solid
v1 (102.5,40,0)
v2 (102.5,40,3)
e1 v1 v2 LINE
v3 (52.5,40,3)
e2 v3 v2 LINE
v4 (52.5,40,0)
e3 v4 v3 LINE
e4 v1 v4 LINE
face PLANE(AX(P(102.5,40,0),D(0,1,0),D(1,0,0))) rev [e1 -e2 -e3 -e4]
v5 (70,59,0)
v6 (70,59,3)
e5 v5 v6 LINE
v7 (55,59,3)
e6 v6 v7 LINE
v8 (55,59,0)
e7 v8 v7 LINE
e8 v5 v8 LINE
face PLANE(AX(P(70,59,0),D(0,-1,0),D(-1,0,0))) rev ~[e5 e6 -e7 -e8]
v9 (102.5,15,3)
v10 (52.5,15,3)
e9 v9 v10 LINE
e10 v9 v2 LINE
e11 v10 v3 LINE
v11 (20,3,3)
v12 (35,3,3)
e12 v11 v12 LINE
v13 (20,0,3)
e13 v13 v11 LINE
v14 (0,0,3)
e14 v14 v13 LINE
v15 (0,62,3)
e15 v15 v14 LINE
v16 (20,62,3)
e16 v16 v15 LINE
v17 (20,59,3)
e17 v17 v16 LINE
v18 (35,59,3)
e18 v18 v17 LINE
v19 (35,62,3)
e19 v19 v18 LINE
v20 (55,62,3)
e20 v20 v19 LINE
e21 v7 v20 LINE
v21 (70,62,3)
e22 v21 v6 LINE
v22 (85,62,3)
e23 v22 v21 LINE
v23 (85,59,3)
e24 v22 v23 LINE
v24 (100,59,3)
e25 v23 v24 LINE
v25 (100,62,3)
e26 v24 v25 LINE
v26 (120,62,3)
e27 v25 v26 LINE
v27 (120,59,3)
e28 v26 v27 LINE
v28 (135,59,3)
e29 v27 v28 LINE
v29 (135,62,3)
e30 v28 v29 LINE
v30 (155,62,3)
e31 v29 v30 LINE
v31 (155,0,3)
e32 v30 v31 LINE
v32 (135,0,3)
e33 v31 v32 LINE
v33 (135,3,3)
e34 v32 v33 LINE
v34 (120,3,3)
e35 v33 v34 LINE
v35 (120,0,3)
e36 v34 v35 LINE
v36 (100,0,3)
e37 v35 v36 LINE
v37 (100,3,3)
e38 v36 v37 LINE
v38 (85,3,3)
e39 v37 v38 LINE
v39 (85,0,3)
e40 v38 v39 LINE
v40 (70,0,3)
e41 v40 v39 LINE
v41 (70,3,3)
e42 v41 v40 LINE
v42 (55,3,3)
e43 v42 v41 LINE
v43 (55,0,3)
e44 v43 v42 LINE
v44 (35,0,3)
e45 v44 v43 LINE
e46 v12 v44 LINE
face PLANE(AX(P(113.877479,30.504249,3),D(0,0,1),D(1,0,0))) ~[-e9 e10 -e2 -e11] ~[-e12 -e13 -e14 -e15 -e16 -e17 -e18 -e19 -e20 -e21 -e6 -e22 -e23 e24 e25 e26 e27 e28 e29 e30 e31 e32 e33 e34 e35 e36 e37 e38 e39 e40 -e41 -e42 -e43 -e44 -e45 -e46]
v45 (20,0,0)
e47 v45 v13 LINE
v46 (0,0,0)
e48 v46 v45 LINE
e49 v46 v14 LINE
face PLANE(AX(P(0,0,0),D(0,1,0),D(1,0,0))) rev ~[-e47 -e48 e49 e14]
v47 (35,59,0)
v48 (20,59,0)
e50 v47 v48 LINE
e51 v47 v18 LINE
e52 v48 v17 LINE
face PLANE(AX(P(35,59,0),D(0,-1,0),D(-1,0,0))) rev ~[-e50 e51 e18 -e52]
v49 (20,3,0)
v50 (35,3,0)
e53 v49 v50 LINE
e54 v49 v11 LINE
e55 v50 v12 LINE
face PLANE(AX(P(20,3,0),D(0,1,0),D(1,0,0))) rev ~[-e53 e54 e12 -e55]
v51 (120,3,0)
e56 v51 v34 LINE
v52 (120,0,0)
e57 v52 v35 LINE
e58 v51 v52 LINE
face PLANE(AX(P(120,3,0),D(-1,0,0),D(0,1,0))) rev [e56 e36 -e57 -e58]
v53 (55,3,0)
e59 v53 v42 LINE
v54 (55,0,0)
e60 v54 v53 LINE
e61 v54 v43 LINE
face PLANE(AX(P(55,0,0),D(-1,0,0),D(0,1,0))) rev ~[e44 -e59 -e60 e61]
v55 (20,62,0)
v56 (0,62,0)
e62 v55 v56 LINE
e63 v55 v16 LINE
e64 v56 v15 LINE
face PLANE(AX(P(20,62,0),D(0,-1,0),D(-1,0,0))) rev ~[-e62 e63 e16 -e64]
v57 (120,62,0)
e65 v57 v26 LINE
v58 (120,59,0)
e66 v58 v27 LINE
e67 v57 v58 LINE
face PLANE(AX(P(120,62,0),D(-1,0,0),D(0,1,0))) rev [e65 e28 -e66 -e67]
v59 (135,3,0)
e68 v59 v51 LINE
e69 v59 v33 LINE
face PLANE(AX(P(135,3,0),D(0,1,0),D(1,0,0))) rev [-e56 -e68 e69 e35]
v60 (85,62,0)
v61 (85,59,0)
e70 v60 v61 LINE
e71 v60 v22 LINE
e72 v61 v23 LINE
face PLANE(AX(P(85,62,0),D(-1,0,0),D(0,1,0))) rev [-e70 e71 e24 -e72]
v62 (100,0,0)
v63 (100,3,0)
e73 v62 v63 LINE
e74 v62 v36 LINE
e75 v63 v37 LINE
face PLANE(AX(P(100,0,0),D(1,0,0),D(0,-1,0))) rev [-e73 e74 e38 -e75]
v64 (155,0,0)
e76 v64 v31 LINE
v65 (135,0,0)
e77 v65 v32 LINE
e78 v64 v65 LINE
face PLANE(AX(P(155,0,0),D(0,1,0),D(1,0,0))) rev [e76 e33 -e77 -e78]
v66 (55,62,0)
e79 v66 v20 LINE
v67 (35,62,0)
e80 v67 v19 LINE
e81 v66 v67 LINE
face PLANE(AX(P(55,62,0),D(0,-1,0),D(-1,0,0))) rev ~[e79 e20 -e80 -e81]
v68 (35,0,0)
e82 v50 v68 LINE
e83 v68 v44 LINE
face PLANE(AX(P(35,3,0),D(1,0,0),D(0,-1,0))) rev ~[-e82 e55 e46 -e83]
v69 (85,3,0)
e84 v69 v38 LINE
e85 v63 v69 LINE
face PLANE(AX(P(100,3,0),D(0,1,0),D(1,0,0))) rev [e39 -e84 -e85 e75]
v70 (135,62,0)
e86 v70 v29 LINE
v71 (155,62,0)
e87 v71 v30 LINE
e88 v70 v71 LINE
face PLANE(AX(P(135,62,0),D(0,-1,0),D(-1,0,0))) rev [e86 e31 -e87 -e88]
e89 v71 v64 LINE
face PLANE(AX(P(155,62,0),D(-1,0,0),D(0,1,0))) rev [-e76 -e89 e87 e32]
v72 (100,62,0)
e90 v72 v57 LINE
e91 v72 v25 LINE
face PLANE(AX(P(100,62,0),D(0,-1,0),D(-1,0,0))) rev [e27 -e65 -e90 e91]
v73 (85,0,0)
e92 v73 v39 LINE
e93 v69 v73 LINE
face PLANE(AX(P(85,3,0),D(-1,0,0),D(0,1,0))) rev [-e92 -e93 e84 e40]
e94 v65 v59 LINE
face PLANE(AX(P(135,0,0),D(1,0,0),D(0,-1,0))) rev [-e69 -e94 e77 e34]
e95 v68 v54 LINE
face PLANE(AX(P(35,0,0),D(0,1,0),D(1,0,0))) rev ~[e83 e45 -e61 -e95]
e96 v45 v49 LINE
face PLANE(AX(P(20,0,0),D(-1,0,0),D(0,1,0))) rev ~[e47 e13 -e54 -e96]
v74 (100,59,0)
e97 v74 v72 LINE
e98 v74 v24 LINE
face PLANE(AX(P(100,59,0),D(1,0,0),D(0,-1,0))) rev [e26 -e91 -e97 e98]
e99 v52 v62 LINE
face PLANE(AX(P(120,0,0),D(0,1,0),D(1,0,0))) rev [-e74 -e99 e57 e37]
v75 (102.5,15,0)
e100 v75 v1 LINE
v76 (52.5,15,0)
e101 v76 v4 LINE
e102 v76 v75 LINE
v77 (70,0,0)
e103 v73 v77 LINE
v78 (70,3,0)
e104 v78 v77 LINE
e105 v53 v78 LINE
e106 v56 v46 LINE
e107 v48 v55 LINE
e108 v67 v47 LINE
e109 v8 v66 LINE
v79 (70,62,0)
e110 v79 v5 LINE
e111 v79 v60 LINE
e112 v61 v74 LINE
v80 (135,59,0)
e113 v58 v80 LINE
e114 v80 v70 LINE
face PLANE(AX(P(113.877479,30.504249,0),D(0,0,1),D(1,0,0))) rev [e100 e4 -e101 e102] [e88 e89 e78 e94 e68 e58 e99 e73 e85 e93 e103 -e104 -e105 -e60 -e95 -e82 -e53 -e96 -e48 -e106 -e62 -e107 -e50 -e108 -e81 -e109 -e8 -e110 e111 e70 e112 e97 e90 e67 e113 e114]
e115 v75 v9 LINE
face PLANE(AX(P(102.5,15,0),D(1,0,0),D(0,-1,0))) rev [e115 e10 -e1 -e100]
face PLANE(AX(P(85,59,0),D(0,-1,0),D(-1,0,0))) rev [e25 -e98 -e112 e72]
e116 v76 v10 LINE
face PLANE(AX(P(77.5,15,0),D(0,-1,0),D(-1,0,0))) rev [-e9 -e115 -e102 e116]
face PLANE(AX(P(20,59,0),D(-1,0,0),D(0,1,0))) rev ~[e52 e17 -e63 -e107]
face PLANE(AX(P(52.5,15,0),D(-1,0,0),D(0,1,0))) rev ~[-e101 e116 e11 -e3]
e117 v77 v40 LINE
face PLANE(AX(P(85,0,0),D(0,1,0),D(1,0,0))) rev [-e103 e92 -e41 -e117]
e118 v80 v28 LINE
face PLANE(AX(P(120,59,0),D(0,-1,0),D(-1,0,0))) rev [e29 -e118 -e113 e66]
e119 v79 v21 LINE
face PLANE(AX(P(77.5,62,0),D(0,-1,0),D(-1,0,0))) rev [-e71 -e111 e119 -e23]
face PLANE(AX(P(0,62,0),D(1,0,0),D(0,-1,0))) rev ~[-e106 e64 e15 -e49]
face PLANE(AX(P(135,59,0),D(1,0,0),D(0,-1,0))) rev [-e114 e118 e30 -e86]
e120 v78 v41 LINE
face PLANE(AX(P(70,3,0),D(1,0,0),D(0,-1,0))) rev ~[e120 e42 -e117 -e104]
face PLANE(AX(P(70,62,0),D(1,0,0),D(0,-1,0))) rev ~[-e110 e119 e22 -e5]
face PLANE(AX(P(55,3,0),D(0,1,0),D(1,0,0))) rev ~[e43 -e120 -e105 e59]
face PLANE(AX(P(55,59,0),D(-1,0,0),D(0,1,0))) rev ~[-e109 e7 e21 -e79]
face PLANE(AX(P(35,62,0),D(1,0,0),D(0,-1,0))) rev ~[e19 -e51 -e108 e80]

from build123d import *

# Parameters (mm, degrees)
P_IDAT_VYSUNUT_M1_DEPTH = 3


with BuildPart() as part:
    # Skica1 → Přidat vysunutím1 (new body)
    with BuildSketch(Plane.XY):
        Polygon((20, 3), (35, 3), (35, 0), (55, 0), (55, 3), (70, 3), (70, 0), (77.5, 0), (77.5, 15), (52.5, 15), (52.5, 40), (77.5, 40), (77.5, 62), (70, 62), (70, 59), (55, 59), (55, 62), (35, 62), (35, 59), (20, 59), (20, 62), (0, 62), (0, 0), (20, 0), align=None)
    p_idat_vysunut_m1 = extrude(amount=P_IDAT_VYSUNUT_M1_DEPTH)

    # Zrcadlit1: Přidat vysunutím1 across plane
    add(p_idat_vysunut_m1.mirror(Plane(origin=(77.5, 0, 3), x_dir=(0, 0, 1), z_dir=(-1, 0, 0))))


solid = part.part
